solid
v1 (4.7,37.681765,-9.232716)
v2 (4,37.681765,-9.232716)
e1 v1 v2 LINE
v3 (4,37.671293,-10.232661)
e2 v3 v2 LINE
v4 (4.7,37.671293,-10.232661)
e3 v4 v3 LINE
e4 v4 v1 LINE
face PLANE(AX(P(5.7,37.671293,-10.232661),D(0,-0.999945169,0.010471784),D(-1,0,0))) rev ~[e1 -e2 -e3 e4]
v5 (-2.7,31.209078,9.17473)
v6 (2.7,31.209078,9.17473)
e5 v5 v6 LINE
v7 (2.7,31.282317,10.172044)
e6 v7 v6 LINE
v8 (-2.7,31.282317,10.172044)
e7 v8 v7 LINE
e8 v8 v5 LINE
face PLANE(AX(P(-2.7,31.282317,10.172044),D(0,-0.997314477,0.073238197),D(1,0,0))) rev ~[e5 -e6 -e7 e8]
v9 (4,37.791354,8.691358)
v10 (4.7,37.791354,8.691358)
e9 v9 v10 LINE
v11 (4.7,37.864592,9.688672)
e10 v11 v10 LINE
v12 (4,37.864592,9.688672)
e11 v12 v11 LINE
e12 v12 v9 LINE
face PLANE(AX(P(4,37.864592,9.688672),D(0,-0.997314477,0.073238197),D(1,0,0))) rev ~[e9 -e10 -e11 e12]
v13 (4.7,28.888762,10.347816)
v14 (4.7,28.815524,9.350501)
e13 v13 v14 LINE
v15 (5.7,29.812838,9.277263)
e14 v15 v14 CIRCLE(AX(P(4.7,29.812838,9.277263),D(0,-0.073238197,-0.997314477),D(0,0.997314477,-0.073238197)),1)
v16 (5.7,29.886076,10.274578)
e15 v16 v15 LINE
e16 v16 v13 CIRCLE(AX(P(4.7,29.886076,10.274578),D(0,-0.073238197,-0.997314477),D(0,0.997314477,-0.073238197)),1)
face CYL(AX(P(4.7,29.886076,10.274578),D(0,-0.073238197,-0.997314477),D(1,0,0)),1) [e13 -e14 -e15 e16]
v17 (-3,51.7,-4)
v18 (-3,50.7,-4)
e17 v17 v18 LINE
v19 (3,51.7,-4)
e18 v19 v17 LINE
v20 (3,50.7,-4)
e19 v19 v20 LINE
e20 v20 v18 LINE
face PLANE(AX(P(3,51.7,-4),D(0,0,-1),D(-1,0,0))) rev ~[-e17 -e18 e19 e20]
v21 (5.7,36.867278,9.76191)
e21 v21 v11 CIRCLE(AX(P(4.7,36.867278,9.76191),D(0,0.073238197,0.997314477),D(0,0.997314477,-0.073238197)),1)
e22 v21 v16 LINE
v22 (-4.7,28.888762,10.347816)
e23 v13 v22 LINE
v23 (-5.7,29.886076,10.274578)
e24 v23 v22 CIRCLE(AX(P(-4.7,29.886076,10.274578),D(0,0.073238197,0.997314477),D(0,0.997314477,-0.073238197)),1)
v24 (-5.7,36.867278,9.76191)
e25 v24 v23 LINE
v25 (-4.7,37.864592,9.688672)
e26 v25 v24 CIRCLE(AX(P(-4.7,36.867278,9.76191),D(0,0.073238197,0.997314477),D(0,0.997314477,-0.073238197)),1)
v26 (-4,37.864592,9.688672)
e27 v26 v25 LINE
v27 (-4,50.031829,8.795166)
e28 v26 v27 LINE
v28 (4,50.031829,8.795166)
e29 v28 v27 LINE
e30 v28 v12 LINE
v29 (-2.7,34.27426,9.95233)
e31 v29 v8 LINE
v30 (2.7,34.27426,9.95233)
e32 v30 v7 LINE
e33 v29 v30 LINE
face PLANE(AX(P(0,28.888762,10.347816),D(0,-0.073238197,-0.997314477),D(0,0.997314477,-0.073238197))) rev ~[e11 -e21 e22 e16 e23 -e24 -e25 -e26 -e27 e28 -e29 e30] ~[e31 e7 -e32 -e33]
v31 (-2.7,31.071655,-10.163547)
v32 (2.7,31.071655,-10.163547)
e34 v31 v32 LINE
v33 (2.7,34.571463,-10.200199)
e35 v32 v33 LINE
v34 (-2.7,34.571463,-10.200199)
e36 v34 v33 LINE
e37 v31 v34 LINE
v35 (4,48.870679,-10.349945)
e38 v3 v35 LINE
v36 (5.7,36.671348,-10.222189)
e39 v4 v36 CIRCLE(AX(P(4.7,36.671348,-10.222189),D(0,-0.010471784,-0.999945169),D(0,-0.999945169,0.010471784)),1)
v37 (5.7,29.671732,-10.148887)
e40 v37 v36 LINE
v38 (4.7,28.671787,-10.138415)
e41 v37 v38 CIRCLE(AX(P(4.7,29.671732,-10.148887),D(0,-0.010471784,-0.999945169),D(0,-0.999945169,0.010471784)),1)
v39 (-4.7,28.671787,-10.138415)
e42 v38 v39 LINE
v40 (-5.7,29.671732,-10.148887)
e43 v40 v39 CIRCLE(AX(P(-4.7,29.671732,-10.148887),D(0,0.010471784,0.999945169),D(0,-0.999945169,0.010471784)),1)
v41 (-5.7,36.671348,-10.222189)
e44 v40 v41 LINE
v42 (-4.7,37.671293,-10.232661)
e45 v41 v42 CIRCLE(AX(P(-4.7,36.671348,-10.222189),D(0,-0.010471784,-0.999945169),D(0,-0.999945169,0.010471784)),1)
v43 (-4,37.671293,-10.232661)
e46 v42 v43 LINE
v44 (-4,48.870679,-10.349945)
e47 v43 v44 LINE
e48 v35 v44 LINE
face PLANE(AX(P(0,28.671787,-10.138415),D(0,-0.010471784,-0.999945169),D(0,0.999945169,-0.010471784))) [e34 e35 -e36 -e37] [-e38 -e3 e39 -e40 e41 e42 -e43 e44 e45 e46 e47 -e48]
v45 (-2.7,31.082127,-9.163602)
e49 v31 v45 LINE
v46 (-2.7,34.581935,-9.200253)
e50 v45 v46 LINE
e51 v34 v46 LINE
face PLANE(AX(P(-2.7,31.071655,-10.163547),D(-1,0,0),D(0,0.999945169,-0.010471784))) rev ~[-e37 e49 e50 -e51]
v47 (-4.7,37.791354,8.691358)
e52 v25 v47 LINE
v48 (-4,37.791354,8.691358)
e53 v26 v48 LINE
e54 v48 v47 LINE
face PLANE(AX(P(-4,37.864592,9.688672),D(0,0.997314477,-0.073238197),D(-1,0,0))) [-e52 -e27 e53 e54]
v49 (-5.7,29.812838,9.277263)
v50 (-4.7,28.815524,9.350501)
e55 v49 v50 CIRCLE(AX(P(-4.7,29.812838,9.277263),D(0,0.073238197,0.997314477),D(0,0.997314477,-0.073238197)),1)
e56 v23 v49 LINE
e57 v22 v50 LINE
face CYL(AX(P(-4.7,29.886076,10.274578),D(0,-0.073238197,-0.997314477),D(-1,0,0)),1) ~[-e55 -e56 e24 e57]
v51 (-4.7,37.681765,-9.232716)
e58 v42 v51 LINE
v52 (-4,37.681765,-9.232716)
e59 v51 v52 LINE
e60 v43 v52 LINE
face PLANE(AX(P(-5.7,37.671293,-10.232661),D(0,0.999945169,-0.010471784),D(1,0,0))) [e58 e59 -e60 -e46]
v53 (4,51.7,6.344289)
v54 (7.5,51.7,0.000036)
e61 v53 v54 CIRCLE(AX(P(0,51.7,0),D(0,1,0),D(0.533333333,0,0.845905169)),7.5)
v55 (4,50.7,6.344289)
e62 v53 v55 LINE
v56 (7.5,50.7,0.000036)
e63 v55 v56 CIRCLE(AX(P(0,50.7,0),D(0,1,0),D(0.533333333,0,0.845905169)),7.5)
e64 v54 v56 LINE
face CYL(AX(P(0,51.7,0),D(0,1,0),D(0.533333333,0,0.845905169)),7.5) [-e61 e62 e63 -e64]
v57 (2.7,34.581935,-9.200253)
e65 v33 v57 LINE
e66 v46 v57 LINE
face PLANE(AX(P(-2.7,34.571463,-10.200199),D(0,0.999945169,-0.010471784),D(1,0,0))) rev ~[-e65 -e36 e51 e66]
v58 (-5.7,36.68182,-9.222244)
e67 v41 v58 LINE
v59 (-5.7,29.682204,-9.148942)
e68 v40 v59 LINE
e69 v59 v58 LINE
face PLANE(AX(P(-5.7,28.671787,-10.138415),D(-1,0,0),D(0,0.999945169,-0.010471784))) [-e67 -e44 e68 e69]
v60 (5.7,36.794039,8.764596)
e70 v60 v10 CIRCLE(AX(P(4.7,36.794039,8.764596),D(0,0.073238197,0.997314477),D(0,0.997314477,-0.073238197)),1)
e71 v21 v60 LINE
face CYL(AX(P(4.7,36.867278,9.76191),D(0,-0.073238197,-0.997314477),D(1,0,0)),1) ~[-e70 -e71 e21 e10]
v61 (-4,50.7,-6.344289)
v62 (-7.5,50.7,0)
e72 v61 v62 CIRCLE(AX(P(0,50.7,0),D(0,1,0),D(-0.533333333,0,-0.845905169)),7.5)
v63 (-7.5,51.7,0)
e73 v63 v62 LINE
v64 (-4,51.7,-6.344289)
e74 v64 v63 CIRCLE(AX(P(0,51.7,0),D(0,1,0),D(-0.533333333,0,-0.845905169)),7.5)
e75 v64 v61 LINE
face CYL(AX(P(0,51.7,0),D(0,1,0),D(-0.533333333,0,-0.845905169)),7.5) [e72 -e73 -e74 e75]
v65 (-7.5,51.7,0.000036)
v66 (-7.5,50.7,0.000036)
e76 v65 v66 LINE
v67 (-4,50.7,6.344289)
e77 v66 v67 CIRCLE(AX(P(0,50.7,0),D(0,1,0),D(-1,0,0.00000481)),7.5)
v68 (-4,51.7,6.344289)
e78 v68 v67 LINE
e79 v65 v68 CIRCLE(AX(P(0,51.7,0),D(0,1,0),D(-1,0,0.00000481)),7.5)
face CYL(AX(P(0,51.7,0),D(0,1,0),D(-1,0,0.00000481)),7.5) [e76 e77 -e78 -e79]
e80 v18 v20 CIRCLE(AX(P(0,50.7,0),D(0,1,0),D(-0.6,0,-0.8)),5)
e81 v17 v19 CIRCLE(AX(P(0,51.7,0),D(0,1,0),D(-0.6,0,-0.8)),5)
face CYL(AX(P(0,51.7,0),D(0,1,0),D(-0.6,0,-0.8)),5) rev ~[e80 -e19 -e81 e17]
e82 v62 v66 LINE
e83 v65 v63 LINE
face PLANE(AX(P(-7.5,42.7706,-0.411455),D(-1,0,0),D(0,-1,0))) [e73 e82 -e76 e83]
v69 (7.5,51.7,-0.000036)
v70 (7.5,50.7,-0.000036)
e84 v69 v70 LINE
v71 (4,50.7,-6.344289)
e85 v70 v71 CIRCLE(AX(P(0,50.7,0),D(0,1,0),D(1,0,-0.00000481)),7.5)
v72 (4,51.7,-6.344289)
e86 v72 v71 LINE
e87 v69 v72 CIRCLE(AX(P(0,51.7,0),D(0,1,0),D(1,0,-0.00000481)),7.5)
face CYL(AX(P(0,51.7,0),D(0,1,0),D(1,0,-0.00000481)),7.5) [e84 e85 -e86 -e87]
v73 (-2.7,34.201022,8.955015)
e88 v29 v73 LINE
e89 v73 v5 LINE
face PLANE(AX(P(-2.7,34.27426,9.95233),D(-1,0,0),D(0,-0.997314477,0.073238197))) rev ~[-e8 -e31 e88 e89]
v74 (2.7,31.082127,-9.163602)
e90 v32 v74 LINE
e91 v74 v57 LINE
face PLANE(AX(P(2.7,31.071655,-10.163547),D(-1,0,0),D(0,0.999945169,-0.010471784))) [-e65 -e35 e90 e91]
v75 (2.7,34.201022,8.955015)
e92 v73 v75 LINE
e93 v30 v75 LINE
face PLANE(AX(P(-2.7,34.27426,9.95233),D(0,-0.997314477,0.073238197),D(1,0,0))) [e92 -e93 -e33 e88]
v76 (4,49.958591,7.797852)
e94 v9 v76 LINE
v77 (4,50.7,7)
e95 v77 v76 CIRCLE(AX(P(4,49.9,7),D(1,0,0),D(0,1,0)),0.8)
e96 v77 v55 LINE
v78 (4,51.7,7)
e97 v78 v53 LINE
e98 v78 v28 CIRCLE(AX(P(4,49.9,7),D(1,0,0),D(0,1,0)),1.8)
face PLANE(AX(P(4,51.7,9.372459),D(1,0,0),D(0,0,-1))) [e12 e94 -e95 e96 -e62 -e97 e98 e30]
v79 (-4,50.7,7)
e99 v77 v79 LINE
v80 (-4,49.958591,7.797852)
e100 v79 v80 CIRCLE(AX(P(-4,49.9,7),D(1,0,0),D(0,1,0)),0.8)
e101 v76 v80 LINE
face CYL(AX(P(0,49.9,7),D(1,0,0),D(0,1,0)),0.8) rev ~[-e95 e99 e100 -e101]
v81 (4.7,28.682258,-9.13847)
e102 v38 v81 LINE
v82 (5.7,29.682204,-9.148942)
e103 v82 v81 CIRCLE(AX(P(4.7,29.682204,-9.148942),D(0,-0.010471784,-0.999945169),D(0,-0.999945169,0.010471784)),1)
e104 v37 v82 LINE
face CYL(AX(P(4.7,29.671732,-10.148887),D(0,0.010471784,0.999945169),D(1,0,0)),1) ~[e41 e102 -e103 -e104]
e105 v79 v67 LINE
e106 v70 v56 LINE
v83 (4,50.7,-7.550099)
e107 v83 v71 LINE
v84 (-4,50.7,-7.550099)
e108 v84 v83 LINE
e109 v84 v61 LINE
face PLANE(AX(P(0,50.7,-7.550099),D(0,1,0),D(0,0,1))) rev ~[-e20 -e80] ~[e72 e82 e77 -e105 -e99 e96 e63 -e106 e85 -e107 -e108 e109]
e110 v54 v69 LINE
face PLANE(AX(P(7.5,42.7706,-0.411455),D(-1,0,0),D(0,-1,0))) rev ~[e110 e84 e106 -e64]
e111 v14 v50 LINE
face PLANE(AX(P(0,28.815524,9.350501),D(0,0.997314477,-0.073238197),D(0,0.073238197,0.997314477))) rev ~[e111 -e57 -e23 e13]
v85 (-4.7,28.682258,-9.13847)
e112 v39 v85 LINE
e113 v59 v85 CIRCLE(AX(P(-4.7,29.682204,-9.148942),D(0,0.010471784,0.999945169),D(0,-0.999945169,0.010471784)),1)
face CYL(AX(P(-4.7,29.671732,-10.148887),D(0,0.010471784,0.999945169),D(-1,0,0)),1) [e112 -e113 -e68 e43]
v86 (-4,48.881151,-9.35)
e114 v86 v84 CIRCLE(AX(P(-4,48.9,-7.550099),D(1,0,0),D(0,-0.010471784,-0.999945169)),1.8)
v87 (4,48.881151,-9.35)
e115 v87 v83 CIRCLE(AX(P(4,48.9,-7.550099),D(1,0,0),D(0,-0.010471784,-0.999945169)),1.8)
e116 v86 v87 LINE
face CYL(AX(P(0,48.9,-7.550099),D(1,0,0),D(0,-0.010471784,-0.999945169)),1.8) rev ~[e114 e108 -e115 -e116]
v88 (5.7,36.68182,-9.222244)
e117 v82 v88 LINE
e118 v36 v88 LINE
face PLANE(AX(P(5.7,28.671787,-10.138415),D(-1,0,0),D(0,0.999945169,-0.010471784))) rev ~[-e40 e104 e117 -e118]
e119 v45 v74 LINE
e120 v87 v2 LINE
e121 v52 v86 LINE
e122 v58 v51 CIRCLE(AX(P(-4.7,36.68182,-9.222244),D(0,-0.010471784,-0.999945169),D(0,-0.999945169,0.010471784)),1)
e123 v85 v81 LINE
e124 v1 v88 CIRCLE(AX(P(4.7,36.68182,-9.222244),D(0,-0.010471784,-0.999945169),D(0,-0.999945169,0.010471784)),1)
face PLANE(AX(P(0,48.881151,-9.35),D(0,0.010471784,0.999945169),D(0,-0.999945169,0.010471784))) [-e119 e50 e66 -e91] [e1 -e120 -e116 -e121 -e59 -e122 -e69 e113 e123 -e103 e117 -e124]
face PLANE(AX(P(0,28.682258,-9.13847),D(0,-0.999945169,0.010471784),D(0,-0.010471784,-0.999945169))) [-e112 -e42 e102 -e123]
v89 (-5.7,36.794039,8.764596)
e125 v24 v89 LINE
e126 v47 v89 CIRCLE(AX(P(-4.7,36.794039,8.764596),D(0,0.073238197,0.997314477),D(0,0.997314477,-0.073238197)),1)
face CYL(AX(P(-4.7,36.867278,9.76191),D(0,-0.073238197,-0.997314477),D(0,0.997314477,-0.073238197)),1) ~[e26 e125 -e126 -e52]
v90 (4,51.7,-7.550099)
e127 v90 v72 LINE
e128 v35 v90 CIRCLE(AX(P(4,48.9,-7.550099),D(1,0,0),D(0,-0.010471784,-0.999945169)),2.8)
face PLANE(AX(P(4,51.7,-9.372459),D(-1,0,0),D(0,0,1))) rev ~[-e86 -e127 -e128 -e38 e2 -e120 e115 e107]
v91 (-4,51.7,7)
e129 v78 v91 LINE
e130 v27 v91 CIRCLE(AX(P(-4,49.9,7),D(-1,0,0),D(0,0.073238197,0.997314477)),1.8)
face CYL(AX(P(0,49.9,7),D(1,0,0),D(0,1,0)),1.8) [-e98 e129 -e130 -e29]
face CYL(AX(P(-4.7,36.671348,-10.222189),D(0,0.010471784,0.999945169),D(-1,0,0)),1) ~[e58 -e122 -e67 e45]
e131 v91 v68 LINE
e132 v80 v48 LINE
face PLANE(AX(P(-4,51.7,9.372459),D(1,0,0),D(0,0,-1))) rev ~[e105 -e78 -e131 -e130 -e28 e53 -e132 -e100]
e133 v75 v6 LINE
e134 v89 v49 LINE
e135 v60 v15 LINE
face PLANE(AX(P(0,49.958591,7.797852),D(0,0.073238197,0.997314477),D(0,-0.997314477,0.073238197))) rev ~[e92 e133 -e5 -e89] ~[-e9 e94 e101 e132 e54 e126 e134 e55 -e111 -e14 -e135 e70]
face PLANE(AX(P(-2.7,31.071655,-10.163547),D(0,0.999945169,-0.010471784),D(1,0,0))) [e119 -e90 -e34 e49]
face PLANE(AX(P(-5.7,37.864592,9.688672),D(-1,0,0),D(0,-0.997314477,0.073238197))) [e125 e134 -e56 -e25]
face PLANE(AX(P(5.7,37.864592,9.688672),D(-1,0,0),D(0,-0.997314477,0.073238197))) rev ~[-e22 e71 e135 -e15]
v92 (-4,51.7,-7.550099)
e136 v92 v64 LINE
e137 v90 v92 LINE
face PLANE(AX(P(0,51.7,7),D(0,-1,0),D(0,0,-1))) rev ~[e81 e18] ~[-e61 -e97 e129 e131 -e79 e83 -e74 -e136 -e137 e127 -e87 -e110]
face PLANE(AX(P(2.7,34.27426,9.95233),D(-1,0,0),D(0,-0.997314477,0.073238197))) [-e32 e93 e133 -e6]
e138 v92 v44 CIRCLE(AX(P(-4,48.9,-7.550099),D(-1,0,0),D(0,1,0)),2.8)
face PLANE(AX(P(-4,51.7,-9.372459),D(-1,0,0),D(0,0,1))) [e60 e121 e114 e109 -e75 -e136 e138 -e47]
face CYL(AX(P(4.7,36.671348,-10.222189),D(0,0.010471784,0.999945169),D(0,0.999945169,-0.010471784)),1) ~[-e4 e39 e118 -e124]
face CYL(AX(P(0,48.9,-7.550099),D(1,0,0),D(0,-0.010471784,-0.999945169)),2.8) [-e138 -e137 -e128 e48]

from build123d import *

# Parameters (mm, degrees)
PAD048_DEPTH    = 7.5
SKETCH077_W     = 3.5
SKETCH077_H     = 5.4
POCKET022_DEPTH = 1
SKETCH078_W     = 3
SKETCH078_H     = 5.4
POCKET023_DEPTH = 1
POCKET024_DEPTH = 3
FILLET020_R     = 1


with BuildPart() as part:
    # Sketch076 → Pad048 (new body, symmetric)
    with BuildSketch(Plane.YZ):
        with BuildLine():
            Line((25, -7.5500986951), (25, 7))
            ThreePointArc((25, 7), (24.786034319, 7.5445766952), (24.2585905577, 7.7978515818))
            Line((24.2585905577, 7.7978515818), (3.1155236405, 9.3505013609))
            Line((3.1155236405, 9.3505013609), (3.1887618377, 10.3478158381))
            Line((3.1887618377, 10.3478158381), (24.3318287548, 8.795166059))
            ThreePointArc((26, 7), (25.5185772178, 8.2252975641), (24.3318287548, 8.795166059))
            Line((26, 7), (26, -7.5500986951))
            ThreePointArc((23.1706790045, -10.3499451694), (25.1695051679, -9.540337222), (26, -7.5500986951))
            Line((2.9717865833, -10.1384151302), (23.1706790045, -10.3499451694))
            Line((2.9822583674, -9.1384699609), (2.9717865833, -10.1384151302))
            Line((23.1811507886, -9.35), (2.9822583674, -9.1384699609))
            ThreePointArc((23.1811507886, -9.35), (24.4661104651, -8.8295377481), (25, -7.5500986951))
        make_face()
    extrude(amount=PAD048_DEPTH, both=True)

    # Sketch077 (on Face10 of Pad048) → Pocket022 (cut)
    with BuildSketch(Plane(origin=(0, -0.1058355924, -10.106185168), x_dir=(0, 0.9999451694, -0.0104717841), z_dir=(0, -0.0104717841, -0.9999451694))):
        Polygon((3.0777909329, -5.7), (12.0777909329, -5.7), (12.0777909329, -4), (26.0777909329, -4), (26.0777909329, -7.5), (3.0777909329, -7.5), align=None)
        Polygon((3.0777909329, 5.7), (12.0777909329, 5.7), (12.0777909329, 4), (26.0777909329, 4), (26.0777909329, 7.5), (3.0777909329, 7.5), align=None)
        with Locations((7.2277909329, 0)):
            Rectangle(SKETCH077_W, SKETCH077_H)
    extrude(amount=-POCKET022_DEPTH, mode=Mode.SUBTRACT)

    # Sketch078 (on Face23 of Pocket022) → Pocket023 (cut)
    with BuildSketch(Plane(origin=(0, 0.7729241259, 10.52522387), x_dir=(0, -0.9973144772, 0.0732381971), z_dir=(0, 0.0732381971, 0.9973144772))):
        Polygon((-2.4223429689, 7.5), (-25.4223429689, 7.5), (-25.4223429689, 4), (-11.4223429689, 4), (-11.4223429689, 5.7), (-2.4223429689, 5.7), align=None)
        Polygon((-2.4223429689, -7.5), (-25.4223429689, -7.5), (-25.4223429689, -4), (-11.4223429689, -4), (-11.4223429689, -5.7), (-2.4223429689, -5.7), align=None)
        with Locations((-6.3223429689, 0)):
            Rectangle(SKETCH078_W, SKETCH078_H)
    extrude(amount=-POCKET023_DEPTH, mode=Mode.SUBTRACT)

    # Sketch079 (on Face21 of Pocket023) → Pocket024 (cut)
    with BuildSketch(Plane.ZX.offset(26)):
        with BuildLine():
            ThreePointArc((-6.3442887702, -4), (-3.6228442441, -6.5669627366), (-1.314e-07, -7.5))
            Line((-9.3724594748, -7.5), (-1.314e-07, -7.5))
            Line((-9.3724594748, -4), (-9.3724594748, -7.5))
            Line((-9.3724594748, -4), (-6.3442887702, -4))
        make_face()
        with BuildLine():
            ThreePointArc((3.60745e-05, -7.4999999999), (3.6228599799, -6.5669540554), (6.3442887702, -4))
            Line((9.3724594748, -4), (6.3442887702, -4))
            Line((9.3724594748, -4), (9.3724594748, -7.4999999999))
            Line((9.3724594748, -7.4999999999), (3.60745e-05, -7.4999999999))
        make_face()
        with BuildLine():
            ThreePointArc((-3.60745e-05, 7.4999999999), (-3.6228599799, 6.5669540554), (-6.3442887702, 4))
            Line((-9.3724594748, 4), (-6.3442887702, 4))
            Line((-9.3724594748, 4), (-9.3724594748, 7.4999999999))
            Line((-9.3724594748, 7.4999999999), (-3.60745e-05, 7.4999999999))
        make_face()
        with BuildLine():
            ThreePointArc((6.3442887702, 4), (3.6228599799, 6.5669540554), (3.60745e-05, 7.4999999999))
            Line((9.3724594748, 7.4999999999), (3.60745e-05, 7.4999999999))
            Line((9.3724594748, 4), (9.3724594748, 7.4999999999))
            Line((9.3724594748, 4), (6.3442887702, 4))
        make_face()
        with BuildLine():
            ThreePointArc((-4, -3), (5, 0), (-4, 3))
            Line((-4, 3), (-4, -3))
        make_face()
    extrude(amount=-POCKET024_DEPTH, mode=Mode.SUBTRACT)

    # Fillet020
    fillet020_edges = [part.edges().sort_by_distance(p)[0] for p in [
        (5.7, 2.977022, -9.638443),
        (-5.7, 2.977022, -9.638443),
        (5.7, 3.152143, 9.849159),
        (-5.7, 3.152143, 9.849159),
        (-5.7, 12.127973, 9.190015),
        (5.7, 12.127973, 9.190015),
        (5.7, 11.976529, -9.732689),
        (-5.7, 11.976529, -9.732689),
    ]]
    fillet(fillet020_edges, radius=FILLET020_R)


with BuildPart() as part_1:
    # Body027 placement: moved
    add(part.part.moved(Location((0, 25.7, 0))))


solid = part_1.part
